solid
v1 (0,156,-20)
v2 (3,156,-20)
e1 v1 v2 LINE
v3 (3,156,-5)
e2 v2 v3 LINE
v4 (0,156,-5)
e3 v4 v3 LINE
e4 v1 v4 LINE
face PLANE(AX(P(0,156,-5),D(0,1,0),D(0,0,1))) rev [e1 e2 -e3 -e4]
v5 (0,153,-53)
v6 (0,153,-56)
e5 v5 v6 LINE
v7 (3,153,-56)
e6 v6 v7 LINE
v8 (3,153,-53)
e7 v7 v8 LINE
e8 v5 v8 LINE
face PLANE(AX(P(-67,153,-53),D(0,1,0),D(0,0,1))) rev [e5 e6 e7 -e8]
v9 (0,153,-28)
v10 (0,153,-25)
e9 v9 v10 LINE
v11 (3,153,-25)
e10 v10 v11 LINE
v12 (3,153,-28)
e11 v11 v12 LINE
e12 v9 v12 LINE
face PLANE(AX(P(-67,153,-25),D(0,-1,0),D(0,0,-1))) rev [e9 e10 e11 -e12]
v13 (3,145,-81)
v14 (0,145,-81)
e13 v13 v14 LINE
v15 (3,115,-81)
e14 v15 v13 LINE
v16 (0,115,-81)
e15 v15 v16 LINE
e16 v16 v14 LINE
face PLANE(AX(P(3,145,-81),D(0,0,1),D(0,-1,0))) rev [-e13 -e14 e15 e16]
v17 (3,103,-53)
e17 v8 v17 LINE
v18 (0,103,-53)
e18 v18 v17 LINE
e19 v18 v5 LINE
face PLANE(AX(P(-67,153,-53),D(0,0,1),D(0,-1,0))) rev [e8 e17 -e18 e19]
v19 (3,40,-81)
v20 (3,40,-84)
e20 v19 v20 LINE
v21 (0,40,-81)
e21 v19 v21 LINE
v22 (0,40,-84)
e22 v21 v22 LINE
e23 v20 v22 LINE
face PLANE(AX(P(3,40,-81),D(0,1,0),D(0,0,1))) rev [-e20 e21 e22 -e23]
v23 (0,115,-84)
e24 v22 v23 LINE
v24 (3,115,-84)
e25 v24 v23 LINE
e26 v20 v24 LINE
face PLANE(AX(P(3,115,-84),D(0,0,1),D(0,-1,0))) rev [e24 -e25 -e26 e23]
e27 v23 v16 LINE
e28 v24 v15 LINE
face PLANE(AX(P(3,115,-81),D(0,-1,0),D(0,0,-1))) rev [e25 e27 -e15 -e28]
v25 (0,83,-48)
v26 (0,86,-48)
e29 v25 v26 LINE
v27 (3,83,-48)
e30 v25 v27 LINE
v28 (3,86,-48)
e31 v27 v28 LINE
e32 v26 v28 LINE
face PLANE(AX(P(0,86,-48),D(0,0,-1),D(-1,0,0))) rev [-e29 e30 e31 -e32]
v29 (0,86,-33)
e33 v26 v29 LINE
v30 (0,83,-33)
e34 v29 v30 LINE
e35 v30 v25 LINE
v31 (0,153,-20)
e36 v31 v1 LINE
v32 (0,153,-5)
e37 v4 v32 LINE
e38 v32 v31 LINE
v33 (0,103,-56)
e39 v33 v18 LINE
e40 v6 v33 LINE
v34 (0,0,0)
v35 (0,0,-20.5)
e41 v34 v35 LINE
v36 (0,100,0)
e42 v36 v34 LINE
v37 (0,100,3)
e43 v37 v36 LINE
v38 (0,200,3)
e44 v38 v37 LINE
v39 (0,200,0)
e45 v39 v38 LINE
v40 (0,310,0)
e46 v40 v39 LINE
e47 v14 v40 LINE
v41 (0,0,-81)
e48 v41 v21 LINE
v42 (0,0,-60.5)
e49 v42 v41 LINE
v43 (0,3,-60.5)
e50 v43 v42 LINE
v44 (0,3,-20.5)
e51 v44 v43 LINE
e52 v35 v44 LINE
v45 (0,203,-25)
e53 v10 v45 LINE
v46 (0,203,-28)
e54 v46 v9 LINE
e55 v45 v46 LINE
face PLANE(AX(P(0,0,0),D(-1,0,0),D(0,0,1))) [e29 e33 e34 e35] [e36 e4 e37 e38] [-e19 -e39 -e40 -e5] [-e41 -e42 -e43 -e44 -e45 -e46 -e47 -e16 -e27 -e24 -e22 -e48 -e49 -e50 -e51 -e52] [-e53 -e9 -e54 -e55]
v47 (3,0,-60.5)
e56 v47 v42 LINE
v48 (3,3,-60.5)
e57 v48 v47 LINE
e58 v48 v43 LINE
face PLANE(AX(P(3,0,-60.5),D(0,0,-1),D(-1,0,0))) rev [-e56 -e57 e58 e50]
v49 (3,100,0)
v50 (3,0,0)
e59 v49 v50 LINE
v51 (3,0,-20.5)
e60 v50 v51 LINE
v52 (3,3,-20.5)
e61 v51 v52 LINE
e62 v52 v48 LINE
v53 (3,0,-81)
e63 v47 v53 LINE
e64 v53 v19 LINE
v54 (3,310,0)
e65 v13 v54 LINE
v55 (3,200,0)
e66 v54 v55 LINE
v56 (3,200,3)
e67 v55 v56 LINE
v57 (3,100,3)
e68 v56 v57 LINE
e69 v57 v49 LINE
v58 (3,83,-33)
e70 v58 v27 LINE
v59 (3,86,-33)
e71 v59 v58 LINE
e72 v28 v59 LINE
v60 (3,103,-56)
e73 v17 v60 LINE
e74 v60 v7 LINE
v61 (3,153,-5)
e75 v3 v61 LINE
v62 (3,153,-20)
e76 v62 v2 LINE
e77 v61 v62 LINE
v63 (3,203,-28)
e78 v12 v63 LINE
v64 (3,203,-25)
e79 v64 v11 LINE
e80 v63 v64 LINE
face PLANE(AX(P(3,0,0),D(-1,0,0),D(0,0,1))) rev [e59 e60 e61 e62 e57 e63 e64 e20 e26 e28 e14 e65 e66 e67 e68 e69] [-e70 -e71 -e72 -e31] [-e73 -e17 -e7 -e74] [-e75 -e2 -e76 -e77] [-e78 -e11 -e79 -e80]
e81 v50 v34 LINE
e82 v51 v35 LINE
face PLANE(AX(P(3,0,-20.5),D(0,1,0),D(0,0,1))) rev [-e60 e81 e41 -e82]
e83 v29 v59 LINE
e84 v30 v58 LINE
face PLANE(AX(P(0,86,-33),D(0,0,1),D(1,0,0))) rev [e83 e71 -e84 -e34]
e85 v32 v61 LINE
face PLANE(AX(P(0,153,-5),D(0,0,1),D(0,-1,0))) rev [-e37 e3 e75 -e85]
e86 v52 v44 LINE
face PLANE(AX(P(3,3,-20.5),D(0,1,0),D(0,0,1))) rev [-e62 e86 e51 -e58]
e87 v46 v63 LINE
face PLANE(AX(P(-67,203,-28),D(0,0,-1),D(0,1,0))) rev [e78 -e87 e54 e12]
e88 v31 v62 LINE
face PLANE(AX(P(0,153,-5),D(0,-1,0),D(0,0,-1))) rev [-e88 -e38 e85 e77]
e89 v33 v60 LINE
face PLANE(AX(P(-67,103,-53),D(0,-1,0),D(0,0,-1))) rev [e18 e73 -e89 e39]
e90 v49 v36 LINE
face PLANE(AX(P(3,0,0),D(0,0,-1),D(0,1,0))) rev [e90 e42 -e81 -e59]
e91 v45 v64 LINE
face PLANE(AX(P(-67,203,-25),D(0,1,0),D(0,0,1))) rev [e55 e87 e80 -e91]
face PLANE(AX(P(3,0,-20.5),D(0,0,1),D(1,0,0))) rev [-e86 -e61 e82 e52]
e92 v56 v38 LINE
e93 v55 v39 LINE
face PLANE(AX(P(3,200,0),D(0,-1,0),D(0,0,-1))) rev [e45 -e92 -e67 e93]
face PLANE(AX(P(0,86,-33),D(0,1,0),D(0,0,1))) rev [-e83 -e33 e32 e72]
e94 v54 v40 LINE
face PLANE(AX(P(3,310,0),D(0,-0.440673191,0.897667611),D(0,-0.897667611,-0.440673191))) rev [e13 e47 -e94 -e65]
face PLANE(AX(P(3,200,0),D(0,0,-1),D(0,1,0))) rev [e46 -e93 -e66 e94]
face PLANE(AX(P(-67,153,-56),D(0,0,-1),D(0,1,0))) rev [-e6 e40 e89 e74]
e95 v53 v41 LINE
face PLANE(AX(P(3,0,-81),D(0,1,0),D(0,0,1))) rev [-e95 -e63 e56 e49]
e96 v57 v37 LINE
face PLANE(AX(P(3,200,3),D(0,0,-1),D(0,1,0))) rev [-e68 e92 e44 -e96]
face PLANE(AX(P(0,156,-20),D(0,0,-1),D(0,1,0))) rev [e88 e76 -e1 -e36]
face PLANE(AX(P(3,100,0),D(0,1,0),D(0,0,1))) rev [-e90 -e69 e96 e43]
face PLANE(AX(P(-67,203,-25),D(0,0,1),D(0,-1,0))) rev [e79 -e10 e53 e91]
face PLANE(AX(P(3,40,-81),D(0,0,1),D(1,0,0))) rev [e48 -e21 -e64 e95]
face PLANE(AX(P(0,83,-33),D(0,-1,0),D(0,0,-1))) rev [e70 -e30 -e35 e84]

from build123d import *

# Parameters (mm, degrees)
SALIENTE_EXTRUIR1_DEPTH = 3
CROQUIS2_W              = 3
CROQUIS2_H              = 50
CORTAR_EXTRUIR2_DEPTH   = 70
CROQUIS4_W              = 15
CROQUIS4_H              = 3
CORTAR_EXTRUIR3_DEPTH   = 3


with BuildPart() as part:
    # Croquis1 → Saliente-Extruir1 (new body)
    with BuildSketch(Plane(origin=(0, 0, 0), x_dir=(0, 0, -1), z_dir=(1, 0, 0))):
        Polygon((0, 0), (0, 100), (-3, 100), (-3, 200), (0, 200), (0, 310), (81, 145), (81, 115), (84, 115), (84, 40), (81, 40), (81, 0), (60.5, 0), (60.5, 3), (20.5, 3), (20.5, 0), align=None)
    extrude(amount=SALIENTE_EXTRUIR1_DEPTH)

    # Croquis2 → Cortar-Extruir2 (cut)
    with BuildSketch(Plane(origin=(3, 0, 0), x_dir=(0, 0, -1), z_dir=(1, 0, 0))):
        with Locations((26.5, 178)):
            Rectangle(CROQUIS2_W, CROQUIS2_H)
        with Locations((54.5, 128)):
            Rectangle(CROQUIS2_W, CROQUIS2_H)
    extrude(amount=-CORTAR_EXTRUIR2_DEPTH, mode=Mode.SUBTRACT)

    # Croquis4 → Cortar-Extruir3 (cut)
    with BuildSketch(Plane(origin=(3, 0, 0), x_dir=(0, 0, -1), z_dir=(1, 0, 0))):
        with Locations((12.5, 154.5)):
            Rectangle(CROQUIS4_W, CROQUIS4_H)
        with Locations((40.5, 84.5)):
            Rectangle(CROQUIS4_W, CROQUIS4_H)
    extrude(amount=-CORTAR_EXTRUIR3_DEPTH, mode=Mode.SUBTRACT)


solid = part.part
